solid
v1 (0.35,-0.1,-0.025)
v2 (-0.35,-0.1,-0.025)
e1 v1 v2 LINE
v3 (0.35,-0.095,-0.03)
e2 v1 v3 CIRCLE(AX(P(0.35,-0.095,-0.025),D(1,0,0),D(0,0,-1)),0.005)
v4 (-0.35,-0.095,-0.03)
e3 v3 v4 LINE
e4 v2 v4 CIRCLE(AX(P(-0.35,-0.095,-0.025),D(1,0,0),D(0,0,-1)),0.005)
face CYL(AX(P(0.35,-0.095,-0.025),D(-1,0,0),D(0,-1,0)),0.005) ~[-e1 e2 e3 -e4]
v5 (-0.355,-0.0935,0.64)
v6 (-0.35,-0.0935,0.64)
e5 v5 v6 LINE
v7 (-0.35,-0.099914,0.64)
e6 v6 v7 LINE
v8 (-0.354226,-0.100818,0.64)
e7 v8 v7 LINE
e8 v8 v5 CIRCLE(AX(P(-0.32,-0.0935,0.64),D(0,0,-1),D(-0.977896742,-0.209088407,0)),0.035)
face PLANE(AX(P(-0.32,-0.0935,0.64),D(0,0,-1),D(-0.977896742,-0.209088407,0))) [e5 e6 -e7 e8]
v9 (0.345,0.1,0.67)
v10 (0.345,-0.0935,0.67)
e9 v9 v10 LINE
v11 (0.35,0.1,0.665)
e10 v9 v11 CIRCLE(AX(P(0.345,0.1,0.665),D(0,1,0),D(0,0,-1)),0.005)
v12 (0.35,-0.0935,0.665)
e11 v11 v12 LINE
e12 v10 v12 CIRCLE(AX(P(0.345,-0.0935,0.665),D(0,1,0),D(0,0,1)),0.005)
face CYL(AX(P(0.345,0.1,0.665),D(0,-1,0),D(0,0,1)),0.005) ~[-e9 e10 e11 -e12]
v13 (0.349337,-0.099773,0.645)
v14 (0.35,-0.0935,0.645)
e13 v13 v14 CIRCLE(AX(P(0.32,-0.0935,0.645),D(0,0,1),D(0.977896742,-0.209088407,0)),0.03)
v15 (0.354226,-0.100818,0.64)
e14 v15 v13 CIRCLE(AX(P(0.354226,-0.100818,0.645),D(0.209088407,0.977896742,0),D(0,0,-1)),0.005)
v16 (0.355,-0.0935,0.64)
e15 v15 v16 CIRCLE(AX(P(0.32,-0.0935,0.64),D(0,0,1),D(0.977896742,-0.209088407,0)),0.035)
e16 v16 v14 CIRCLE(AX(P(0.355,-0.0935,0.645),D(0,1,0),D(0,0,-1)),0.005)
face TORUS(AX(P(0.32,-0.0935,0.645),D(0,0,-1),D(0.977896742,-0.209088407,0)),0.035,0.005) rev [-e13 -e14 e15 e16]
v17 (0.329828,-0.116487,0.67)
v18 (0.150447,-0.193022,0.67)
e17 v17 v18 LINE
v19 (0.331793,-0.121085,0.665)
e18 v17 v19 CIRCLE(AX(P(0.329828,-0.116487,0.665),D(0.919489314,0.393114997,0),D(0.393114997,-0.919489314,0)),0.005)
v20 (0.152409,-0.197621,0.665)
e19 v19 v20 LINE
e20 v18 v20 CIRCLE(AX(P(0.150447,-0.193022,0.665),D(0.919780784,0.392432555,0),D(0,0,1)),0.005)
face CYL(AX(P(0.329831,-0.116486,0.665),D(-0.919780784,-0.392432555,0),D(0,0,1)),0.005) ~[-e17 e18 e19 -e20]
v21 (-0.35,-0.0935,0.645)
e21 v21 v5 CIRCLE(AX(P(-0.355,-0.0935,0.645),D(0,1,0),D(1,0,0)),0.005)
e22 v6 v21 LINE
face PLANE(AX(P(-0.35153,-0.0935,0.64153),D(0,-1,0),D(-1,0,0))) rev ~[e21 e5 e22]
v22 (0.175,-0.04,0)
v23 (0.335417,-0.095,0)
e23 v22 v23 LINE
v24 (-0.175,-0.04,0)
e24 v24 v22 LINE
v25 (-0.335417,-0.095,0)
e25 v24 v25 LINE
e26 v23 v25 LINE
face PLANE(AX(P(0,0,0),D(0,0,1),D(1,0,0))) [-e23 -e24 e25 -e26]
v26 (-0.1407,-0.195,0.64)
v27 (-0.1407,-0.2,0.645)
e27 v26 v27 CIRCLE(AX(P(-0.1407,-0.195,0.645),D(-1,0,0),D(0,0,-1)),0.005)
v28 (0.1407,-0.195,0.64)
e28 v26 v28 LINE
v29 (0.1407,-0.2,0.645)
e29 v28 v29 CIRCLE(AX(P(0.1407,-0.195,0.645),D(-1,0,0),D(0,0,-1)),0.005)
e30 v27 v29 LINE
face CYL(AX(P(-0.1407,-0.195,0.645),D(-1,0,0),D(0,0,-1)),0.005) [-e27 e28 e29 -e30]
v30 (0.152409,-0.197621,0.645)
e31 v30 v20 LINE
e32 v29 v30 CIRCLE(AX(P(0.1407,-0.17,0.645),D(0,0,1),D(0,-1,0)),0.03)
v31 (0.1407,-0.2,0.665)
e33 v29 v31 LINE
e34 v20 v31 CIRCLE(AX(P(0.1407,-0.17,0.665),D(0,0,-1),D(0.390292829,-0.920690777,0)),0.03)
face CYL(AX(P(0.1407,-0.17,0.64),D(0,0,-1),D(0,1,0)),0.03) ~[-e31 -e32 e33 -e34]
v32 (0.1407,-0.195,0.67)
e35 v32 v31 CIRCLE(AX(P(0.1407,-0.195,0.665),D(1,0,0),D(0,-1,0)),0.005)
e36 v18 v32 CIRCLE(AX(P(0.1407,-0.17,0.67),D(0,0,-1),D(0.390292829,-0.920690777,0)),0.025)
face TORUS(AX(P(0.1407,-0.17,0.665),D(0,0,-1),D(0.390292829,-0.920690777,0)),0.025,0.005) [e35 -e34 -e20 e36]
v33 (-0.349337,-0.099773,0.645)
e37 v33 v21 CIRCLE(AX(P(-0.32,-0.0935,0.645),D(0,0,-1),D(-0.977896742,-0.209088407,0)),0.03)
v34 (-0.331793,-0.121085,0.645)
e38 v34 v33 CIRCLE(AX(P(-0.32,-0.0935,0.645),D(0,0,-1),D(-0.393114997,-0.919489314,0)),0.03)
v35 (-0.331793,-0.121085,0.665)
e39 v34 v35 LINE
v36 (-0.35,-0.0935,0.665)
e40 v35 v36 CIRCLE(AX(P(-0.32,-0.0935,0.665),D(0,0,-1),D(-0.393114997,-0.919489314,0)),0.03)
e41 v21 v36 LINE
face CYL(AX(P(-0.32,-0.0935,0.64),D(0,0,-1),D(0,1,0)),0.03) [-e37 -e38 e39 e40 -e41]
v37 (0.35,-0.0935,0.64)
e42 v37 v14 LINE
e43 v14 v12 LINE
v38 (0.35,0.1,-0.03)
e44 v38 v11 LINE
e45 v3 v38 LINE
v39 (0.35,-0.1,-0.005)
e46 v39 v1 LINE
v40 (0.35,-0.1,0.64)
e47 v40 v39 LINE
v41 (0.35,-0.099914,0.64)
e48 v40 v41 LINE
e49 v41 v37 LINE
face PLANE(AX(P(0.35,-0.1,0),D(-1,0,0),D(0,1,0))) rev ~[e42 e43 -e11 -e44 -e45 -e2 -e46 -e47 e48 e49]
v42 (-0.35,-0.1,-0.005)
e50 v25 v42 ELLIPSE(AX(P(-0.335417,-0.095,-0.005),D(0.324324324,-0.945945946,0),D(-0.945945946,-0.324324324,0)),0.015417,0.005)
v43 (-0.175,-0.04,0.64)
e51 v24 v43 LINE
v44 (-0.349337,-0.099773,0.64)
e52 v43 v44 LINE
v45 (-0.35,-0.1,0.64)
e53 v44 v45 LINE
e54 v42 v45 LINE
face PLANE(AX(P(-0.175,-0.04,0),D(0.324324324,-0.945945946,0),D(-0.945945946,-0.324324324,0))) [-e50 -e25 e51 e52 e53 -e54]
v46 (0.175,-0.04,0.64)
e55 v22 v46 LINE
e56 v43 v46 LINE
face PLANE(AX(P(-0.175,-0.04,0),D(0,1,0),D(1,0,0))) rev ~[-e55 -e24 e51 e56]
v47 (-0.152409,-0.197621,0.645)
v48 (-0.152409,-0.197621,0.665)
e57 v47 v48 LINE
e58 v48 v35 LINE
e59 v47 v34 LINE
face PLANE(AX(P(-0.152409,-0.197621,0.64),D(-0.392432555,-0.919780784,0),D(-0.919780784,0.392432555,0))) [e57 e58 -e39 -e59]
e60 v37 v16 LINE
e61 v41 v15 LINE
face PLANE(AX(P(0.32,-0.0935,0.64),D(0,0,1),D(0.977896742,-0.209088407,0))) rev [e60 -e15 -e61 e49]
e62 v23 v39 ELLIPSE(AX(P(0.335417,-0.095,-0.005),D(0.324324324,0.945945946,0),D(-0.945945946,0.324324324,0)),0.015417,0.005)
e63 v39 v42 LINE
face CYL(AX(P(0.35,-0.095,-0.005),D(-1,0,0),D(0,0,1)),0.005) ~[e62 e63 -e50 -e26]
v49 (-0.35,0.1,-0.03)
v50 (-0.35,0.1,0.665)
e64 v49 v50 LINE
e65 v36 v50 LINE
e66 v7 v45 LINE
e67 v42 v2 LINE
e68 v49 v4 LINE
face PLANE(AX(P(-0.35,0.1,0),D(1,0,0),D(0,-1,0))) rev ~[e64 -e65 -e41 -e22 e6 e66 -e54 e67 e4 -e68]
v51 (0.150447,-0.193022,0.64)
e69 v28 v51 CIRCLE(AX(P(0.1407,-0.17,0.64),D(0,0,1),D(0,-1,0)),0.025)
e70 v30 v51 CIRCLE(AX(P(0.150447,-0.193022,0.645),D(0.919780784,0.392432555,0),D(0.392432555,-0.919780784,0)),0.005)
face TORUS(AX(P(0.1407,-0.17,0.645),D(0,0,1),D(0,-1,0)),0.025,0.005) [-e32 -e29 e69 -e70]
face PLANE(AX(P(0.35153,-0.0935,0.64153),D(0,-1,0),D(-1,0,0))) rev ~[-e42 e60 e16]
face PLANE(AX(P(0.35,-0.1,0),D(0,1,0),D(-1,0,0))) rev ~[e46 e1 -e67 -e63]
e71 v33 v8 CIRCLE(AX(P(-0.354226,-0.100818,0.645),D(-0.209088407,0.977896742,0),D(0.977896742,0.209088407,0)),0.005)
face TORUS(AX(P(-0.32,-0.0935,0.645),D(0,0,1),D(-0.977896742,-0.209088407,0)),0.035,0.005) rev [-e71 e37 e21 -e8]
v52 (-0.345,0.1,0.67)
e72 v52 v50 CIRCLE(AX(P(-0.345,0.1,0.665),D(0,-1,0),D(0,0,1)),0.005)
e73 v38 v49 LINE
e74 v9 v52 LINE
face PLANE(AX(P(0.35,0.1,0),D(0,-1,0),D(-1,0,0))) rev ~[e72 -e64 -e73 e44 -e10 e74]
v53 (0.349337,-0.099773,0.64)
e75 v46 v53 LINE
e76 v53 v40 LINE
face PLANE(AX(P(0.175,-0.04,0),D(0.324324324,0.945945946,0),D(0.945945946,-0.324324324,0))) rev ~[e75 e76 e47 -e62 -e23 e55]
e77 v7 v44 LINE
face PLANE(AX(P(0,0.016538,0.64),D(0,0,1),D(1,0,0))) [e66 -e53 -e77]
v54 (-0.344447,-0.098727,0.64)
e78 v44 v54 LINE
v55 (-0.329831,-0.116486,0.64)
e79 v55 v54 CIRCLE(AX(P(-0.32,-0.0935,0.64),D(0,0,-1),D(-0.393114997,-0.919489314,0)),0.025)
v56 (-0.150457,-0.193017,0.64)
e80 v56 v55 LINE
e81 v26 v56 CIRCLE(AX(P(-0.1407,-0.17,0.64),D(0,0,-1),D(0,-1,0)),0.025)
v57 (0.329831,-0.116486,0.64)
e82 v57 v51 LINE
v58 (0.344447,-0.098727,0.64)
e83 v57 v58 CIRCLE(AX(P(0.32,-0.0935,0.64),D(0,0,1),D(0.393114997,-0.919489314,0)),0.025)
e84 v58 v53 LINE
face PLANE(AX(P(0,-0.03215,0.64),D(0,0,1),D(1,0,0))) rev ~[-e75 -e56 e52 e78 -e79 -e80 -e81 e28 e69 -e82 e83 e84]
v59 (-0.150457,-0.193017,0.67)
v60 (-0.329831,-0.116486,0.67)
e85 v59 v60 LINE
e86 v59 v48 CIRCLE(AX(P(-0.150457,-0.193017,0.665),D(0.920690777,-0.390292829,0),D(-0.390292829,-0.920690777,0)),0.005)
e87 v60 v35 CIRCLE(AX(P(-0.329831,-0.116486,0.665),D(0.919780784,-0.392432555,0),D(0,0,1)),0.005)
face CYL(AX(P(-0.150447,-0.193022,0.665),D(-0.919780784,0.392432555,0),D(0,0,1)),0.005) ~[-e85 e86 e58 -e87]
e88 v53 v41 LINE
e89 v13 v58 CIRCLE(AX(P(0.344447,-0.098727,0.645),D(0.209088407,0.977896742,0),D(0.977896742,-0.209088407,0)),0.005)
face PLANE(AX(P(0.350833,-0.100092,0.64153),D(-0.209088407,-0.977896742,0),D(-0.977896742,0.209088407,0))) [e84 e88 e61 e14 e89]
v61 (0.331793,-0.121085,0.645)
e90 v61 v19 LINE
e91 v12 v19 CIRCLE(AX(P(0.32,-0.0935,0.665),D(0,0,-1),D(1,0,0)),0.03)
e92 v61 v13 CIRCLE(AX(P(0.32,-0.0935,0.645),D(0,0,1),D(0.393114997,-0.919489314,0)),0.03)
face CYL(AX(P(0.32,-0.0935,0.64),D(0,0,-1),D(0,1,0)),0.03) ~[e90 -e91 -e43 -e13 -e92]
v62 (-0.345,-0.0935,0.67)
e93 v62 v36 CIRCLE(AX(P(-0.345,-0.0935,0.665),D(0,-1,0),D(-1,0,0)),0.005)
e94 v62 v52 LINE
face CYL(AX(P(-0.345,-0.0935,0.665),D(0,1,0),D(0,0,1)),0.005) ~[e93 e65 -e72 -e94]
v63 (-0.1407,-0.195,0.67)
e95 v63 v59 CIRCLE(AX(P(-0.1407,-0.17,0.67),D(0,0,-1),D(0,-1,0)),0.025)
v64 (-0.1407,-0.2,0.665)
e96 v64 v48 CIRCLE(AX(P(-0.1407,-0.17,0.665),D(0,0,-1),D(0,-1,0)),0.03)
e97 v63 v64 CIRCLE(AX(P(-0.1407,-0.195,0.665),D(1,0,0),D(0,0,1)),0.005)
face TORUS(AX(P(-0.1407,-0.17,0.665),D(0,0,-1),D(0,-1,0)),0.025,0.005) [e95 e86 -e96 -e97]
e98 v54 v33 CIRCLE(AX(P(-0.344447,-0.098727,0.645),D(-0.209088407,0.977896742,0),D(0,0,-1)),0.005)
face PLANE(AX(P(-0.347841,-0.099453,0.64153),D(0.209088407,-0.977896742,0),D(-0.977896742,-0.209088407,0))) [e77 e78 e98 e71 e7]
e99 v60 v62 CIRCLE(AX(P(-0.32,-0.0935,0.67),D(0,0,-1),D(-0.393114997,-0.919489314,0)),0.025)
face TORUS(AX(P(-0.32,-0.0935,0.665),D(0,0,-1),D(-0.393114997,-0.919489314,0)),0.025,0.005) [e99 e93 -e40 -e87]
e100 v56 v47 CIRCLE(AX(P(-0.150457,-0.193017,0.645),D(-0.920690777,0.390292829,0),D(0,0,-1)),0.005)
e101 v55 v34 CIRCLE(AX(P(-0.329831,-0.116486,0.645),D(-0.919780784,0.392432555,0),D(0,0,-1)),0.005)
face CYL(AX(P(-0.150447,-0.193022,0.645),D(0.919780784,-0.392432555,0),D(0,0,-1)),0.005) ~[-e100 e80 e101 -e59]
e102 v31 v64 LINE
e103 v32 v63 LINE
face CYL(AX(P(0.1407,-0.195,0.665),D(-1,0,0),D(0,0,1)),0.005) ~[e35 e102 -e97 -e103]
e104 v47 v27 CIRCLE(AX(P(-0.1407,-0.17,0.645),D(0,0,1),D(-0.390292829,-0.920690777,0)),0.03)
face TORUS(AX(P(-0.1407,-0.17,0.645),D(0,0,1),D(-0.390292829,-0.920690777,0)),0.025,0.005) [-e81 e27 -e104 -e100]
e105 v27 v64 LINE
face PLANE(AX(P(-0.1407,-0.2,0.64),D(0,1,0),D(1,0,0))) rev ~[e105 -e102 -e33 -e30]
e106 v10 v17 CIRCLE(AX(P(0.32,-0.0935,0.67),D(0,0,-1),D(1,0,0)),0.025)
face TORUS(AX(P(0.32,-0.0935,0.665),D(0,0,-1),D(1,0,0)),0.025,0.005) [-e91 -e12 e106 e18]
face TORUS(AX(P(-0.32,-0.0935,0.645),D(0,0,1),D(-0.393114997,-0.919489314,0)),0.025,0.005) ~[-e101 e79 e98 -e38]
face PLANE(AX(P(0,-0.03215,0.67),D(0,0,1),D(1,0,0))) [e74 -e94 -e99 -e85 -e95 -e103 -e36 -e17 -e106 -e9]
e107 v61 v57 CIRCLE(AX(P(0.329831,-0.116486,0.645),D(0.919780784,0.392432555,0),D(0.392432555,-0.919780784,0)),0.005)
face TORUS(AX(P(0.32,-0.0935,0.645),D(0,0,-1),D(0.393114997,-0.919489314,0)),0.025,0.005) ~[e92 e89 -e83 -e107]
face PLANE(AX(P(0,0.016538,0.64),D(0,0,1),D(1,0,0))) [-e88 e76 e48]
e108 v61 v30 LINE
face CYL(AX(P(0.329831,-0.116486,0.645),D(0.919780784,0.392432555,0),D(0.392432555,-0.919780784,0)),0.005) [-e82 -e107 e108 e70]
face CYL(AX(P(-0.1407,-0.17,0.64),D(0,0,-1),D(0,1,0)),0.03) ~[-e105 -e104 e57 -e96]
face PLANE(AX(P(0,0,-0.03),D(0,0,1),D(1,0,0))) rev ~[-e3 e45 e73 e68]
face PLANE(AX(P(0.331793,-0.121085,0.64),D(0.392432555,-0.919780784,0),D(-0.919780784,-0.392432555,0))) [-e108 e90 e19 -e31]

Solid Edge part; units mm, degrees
sketch "Sketch1" plane through (0, 0, 0) normal (0, 0, 1) x (1, 0, 0)
  line L0 (0.35, -0.1) -> (0.35, 0.1)
  line L1 (0.35, 0.1) -> (-0.35, 0.1)
  line L2 (-0.35, 0.1) -> (-0.35, -0.1)
  line L3 (-0.175, -0.04) -> (-0.35, -0.1)
  line L4 (-0.175, -0.04) -> (0.175, -0.04)
  line L5 (0.175, -0.04) -> (0.35, -0.1)
  dimension "D1" = 0.7
  dimension "D2" = 0.2
  dimension "D3" = 0.35
  dimension "D4" = 0.06
extrude "Protrusion1" add sketch "Sketch1" along normal blind 0.64
extrude "Cutout1" [suppressed]
shell "Dünnwand_1" [suppressed]
extrude "Cutout2" [suppressed]
sketch "Sketch2" plane through (0, 0, 0.64) normal (0, 0, 1) x (0, 1, 0)
  line L0 (0.1, 0.35) -> (-0.0935, 0.35)
  arc A0 (-0.1211, 0.3318) -> (-0.0935, 0.35) centre (-0.0935, 0.32) cw
  line L1 (-0.1976, 0.1524) -> (-0.1211, 0.3318)
  arc A1 (-0.1976, 0.1524) -> (-0.2, 0.1407) centre (-0.17, 0.1407) ccw
  line L2 (-0.2, 0.1407) -> (-0.2, -0.1407)
  arc A2 (-0.2, -0.1407) -> (-0.1976, -0.1524) centre (-0.17, -0.1407) ccw
  line L3 (-0.1211, -0.3318) -> (-0.1976, -0.1524)
  arc A3 (-0.1211, -0.3318) -> (-0.0935, -0.35) centre (-0.0935, -0.32) ccw
  line L4 (-0.0935, -0.35) -> (0.1, -0.35)
  line L5 (0.1, -0.35) -> (0.1, 0.35)
  dimension "D1" = 0.2
extrude "Ausprägung_2" add sketch "Sketch2" along normal blind 0.03
sketch "Sketch3" plane through (0, 0, 0) normal (0, 0, -1) x (0, 1, 0)
  line L0 (0.1, 0.35) -> (0.1, -0.35)
  line L1 (0.1, -0.35) -> (-0.1, -0.35)
  line L2 (-0.1, 0.35) -> (-0.1, -0.35)
  line L3 (-0.1, 0.35) -> (0.1, 0.35)
  dimension "D1" = 0.2
extrude "Ausprägung_3" add sketch "Sketch3" along normal blind 0.03
fillet "Verrundung_1" radius 0.005 20 edges at (0, -0.1, 0) (0, -0.1, -0.03) (0.2421, -0.1593, 0.64) (0.3431, -0.1126, 0.64) (0.3498, -0.0966, 0.64) (0.1467, -0.1994, 0.64) (0, -0.2, 0.64) (-0.1467, -0.1994, 0.64) (-0.2421, -0.1593, 0.64) (-0.3431, -0.1126, 0.64) (-0.3498, -0.0966, 0.64) (0.2421, -0.1593, 0.67) (0.345, -0.11, 0.67) (0.35, 0.0033, 0.67) (0.1467, -0.1994, 0.67) (0, -0.2, 0.67) (-0.1467, -0.1994, 0.67) (-0.2421, -0.1593, 0.67) (-0.345, -0.11, 0.67) (-0.35, 0.0033, 0.67)
